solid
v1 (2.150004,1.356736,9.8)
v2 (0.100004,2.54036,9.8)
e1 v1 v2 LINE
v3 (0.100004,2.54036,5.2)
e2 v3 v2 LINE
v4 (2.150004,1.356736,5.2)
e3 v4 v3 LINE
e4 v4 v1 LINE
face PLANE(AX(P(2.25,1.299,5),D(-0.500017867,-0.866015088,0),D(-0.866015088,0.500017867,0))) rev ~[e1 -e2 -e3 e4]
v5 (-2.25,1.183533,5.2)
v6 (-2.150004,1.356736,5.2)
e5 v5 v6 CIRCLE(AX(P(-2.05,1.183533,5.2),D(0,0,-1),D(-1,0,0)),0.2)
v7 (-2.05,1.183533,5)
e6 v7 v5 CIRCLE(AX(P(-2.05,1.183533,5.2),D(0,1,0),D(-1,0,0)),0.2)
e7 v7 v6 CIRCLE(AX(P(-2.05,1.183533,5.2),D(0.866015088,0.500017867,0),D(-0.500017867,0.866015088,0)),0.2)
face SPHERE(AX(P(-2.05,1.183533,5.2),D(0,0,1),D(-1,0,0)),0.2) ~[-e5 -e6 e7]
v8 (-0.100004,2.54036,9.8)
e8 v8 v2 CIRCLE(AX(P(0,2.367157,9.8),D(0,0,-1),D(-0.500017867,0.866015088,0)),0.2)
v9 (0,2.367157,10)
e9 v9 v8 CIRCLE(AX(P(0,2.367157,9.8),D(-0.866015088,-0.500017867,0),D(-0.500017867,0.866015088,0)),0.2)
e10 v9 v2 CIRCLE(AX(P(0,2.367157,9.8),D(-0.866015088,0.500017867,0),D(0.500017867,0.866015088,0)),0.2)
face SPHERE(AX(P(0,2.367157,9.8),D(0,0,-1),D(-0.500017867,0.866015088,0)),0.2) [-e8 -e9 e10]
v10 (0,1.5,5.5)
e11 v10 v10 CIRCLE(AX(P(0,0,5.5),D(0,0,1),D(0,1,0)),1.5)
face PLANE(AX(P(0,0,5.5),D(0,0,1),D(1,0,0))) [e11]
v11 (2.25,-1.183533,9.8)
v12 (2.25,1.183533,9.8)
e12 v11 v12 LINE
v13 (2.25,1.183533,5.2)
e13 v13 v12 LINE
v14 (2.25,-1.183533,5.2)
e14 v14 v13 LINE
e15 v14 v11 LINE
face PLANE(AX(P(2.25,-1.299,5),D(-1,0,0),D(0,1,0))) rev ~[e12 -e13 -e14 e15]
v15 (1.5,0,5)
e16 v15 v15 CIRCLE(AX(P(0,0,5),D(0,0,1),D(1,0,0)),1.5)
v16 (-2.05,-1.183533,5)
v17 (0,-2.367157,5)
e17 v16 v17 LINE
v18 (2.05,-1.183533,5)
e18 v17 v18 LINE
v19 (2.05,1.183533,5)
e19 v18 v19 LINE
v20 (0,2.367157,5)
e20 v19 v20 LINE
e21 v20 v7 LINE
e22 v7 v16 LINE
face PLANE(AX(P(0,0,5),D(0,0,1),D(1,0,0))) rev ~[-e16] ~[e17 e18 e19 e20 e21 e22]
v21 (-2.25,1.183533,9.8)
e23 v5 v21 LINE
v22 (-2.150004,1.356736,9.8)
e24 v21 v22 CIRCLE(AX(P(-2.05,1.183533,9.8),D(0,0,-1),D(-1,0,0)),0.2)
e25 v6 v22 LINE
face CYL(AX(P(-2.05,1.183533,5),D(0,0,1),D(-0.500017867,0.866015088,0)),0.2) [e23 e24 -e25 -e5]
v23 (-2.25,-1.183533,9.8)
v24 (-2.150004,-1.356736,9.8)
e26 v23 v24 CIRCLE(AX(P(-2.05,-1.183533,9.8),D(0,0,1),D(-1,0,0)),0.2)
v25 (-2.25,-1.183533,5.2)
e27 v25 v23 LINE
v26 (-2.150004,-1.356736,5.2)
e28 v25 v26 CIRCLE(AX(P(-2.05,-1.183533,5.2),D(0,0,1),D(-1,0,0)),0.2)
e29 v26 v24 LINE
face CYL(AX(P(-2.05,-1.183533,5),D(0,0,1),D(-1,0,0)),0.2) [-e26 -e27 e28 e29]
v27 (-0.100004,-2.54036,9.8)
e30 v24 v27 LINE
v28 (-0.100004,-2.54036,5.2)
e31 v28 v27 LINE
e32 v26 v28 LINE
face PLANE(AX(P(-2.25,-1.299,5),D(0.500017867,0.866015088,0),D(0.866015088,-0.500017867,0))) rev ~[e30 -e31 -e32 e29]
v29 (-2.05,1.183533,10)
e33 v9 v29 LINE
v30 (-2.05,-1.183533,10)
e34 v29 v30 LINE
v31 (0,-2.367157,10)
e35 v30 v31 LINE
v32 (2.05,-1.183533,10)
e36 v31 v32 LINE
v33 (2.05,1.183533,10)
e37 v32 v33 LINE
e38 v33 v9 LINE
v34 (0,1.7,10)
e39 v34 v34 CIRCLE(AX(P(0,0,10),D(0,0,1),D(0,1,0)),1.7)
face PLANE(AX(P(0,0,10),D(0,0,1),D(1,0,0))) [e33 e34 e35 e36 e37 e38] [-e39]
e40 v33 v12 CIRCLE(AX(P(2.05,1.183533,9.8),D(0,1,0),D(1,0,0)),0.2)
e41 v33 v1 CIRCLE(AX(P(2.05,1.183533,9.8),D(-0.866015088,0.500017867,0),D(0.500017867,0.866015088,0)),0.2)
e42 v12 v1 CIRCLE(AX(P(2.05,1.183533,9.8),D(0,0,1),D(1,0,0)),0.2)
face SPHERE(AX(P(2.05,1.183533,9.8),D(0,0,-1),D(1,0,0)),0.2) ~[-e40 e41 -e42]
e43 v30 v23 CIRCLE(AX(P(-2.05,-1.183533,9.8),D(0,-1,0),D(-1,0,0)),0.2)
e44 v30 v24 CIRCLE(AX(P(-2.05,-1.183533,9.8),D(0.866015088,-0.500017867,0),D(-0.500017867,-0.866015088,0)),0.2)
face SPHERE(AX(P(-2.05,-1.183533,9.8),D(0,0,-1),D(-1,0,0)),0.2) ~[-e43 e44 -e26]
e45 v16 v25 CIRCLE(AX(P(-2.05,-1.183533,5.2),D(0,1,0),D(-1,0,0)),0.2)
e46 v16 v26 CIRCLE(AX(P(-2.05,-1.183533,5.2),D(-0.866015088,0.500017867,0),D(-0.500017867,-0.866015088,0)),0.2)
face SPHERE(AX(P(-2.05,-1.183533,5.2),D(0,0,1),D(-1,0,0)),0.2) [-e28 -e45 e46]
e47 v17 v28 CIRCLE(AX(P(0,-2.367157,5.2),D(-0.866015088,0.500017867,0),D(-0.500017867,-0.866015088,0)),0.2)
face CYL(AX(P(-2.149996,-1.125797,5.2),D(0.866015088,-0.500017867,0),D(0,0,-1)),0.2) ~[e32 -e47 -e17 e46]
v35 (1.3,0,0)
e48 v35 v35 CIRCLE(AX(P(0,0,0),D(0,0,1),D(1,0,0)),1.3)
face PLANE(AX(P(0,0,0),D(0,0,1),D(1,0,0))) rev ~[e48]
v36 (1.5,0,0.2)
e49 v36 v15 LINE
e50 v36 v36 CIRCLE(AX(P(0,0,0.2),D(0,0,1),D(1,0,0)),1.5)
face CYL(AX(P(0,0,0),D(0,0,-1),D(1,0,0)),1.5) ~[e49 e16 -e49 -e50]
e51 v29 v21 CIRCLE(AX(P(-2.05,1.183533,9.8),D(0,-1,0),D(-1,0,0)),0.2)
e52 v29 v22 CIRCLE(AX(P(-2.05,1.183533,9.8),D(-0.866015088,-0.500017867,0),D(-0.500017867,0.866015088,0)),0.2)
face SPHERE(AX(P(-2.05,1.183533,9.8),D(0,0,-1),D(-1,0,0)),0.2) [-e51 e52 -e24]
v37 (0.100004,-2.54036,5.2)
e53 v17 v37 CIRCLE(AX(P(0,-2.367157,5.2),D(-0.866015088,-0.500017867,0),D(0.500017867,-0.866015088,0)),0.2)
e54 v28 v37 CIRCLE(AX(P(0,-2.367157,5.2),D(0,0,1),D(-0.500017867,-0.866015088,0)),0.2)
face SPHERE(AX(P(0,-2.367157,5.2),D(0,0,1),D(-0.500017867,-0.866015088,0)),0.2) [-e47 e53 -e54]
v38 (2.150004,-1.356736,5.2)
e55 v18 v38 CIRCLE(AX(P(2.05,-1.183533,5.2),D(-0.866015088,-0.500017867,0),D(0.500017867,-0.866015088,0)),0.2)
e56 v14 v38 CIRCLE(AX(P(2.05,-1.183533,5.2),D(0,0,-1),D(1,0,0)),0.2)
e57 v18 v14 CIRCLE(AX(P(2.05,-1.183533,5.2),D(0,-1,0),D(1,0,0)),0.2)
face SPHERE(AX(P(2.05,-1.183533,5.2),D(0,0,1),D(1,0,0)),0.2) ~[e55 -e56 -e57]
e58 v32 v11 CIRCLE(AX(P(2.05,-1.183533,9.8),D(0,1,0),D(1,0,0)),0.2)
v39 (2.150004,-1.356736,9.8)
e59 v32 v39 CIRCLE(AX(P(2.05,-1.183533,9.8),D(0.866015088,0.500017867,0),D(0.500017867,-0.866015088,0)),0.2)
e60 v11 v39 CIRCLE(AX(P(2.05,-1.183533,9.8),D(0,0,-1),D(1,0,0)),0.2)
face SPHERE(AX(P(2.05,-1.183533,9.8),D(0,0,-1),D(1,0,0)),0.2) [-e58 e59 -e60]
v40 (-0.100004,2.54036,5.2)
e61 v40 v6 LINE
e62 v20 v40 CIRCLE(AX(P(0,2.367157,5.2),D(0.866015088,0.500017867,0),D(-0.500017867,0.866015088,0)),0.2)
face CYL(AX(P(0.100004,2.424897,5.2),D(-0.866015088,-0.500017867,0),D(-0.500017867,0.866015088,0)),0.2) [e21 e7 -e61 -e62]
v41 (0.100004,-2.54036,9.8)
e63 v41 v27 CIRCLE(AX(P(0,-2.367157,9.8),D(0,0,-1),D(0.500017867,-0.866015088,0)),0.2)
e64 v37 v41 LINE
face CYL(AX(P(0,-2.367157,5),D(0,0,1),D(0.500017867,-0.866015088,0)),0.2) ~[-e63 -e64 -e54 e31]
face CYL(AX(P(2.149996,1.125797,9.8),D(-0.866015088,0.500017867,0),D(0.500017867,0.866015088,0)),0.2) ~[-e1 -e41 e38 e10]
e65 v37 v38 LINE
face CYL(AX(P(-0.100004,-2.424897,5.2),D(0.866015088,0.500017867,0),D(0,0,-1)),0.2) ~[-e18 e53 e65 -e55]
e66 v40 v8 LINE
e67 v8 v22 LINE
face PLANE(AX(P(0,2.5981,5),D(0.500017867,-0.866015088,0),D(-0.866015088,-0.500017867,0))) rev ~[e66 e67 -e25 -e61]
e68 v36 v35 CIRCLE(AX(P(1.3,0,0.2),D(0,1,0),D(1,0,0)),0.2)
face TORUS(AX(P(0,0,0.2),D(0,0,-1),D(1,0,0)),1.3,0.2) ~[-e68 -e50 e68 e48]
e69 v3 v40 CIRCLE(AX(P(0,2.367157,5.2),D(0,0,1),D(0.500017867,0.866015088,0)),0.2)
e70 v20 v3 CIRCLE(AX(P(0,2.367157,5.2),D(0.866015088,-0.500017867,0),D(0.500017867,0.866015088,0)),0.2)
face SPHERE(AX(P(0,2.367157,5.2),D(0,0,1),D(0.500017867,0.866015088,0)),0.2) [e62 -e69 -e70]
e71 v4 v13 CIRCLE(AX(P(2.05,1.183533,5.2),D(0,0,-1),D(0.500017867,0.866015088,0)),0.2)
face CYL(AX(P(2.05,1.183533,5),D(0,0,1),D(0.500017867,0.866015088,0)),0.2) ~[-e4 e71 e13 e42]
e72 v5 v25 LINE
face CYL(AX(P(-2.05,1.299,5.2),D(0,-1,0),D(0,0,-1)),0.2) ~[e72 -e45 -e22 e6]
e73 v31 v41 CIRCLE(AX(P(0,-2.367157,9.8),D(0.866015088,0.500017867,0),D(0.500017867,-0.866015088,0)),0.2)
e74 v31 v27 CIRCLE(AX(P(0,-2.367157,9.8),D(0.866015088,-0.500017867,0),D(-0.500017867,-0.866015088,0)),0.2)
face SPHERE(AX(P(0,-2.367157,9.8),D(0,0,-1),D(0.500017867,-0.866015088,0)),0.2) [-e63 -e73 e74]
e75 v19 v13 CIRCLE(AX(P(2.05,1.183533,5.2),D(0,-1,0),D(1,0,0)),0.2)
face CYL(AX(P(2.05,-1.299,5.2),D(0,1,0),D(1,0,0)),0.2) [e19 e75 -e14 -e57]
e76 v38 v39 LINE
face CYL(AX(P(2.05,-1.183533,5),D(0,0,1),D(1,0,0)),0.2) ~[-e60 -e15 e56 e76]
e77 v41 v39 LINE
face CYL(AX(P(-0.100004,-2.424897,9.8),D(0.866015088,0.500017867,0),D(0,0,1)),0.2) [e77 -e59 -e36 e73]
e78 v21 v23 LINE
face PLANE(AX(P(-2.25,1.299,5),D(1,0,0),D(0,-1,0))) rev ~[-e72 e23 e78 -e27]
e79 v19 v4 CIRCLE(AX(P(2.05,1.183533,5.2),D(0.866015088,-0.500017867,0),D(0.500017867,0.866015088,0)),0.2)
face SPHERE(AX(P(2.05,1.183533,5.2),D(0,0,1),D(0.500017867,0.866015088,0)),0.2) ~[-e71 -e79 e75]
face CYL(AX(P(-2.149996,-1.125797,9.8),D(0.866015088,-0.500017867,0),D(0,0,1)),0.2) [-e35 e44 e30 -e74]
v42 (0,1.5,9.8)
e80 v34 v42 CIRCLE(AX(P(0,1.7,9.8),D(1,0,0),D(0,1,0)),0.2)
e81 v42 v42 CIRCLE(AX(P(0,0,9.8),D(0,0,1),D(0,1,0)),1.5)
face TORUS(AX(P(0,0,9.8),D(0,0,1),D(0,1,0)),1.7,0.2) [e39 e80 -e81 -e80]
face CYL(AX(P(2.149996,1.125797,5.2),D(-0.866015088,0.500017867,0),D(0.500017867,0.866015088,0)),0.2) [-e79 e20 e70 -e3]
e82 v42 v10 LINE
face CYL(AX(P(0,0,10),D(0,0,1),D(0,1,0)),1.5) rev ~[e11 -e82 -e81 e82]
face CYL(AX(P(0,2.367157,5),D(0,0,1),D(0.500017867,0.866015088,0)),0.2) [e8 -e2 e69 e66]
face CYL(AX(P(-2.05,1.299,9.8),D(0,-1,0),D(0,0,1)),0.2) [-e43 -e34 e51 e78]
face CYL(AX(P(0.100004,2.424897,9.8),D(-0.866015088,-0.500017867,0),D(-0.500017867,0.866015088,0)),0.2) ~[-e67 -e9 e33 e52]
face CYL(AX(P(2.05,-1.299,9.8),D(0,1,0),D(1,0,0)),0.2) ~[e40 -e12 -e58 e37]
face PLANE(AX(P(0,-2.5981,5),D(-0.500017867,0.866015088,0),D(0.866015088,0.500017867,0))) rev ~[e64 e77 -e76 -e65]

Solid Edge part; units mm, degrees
sketch "Sketch1" plane through (0, 0, 0) normal (0, 0, 1) x (1, 0, 0)
  circle A0 centre (0, 0) radius 1.5
extrude "Protrusion1" add sketch "Sketch1" along normal blind 5
sketch "Sketch2" plane through (0, 0, 5) normal (0, 0, 1) x (1, 0, 0)
  line L0 (2.25, 1.299) -> (0, 2.5981)
  line L1 (0, 2.5981) -> (-2.25, 1.299)
  line L2 (-2.25, 1.299) -> (-2.25, -1.299)
  line L3 (-2.25, -1.299) -> (0, -2.5981)
  line L4 (0, -2.5981) -> (2.25, -1.299)
  line L5 (2.25, -1.299) -> (2.25, 1.299)
extrude "ExtrudedProtrusion_2" add sketch "Sketch2" along normal blind 5
sketch "Sketch3" plane through (0, 0, 10) normal (0, 0, 1) x (0, 1, 0)
  circle A0 centre (0, 0) radius 1.5
extrude "ExtrudedCutout_1" cut sketch "Sketch3" against normal blind 4.5
fillet "Round_1" radius 0.2 20 edges at (2.25, -1.299, 7.5) (2.25, 1.299, 7.5) (2.25, 0, 10) (1.125, 1.9486, 10) (0, -1.5, 10) (0, 2.5981, 7.5) (1.125, 1.9486, 5) (2.25, 0, 5) (1.125, -1.9486, 5) (0, -2.5981, 7.5) (1.125, -1.9486, 10) (-1.125, -1.9486, 10) (-1.125, -1.9486, 5) (-2.25, -1.299, 7.5) (-2.25, 0, 10) (-1.125, 1.9486, 10) (-2.25, 1.299, 7.5) (-2.25, 0, 5) (-1.125, 1.9486, 5) (-1.5, 0, 0)
properties material "Brass, yellow brass"
